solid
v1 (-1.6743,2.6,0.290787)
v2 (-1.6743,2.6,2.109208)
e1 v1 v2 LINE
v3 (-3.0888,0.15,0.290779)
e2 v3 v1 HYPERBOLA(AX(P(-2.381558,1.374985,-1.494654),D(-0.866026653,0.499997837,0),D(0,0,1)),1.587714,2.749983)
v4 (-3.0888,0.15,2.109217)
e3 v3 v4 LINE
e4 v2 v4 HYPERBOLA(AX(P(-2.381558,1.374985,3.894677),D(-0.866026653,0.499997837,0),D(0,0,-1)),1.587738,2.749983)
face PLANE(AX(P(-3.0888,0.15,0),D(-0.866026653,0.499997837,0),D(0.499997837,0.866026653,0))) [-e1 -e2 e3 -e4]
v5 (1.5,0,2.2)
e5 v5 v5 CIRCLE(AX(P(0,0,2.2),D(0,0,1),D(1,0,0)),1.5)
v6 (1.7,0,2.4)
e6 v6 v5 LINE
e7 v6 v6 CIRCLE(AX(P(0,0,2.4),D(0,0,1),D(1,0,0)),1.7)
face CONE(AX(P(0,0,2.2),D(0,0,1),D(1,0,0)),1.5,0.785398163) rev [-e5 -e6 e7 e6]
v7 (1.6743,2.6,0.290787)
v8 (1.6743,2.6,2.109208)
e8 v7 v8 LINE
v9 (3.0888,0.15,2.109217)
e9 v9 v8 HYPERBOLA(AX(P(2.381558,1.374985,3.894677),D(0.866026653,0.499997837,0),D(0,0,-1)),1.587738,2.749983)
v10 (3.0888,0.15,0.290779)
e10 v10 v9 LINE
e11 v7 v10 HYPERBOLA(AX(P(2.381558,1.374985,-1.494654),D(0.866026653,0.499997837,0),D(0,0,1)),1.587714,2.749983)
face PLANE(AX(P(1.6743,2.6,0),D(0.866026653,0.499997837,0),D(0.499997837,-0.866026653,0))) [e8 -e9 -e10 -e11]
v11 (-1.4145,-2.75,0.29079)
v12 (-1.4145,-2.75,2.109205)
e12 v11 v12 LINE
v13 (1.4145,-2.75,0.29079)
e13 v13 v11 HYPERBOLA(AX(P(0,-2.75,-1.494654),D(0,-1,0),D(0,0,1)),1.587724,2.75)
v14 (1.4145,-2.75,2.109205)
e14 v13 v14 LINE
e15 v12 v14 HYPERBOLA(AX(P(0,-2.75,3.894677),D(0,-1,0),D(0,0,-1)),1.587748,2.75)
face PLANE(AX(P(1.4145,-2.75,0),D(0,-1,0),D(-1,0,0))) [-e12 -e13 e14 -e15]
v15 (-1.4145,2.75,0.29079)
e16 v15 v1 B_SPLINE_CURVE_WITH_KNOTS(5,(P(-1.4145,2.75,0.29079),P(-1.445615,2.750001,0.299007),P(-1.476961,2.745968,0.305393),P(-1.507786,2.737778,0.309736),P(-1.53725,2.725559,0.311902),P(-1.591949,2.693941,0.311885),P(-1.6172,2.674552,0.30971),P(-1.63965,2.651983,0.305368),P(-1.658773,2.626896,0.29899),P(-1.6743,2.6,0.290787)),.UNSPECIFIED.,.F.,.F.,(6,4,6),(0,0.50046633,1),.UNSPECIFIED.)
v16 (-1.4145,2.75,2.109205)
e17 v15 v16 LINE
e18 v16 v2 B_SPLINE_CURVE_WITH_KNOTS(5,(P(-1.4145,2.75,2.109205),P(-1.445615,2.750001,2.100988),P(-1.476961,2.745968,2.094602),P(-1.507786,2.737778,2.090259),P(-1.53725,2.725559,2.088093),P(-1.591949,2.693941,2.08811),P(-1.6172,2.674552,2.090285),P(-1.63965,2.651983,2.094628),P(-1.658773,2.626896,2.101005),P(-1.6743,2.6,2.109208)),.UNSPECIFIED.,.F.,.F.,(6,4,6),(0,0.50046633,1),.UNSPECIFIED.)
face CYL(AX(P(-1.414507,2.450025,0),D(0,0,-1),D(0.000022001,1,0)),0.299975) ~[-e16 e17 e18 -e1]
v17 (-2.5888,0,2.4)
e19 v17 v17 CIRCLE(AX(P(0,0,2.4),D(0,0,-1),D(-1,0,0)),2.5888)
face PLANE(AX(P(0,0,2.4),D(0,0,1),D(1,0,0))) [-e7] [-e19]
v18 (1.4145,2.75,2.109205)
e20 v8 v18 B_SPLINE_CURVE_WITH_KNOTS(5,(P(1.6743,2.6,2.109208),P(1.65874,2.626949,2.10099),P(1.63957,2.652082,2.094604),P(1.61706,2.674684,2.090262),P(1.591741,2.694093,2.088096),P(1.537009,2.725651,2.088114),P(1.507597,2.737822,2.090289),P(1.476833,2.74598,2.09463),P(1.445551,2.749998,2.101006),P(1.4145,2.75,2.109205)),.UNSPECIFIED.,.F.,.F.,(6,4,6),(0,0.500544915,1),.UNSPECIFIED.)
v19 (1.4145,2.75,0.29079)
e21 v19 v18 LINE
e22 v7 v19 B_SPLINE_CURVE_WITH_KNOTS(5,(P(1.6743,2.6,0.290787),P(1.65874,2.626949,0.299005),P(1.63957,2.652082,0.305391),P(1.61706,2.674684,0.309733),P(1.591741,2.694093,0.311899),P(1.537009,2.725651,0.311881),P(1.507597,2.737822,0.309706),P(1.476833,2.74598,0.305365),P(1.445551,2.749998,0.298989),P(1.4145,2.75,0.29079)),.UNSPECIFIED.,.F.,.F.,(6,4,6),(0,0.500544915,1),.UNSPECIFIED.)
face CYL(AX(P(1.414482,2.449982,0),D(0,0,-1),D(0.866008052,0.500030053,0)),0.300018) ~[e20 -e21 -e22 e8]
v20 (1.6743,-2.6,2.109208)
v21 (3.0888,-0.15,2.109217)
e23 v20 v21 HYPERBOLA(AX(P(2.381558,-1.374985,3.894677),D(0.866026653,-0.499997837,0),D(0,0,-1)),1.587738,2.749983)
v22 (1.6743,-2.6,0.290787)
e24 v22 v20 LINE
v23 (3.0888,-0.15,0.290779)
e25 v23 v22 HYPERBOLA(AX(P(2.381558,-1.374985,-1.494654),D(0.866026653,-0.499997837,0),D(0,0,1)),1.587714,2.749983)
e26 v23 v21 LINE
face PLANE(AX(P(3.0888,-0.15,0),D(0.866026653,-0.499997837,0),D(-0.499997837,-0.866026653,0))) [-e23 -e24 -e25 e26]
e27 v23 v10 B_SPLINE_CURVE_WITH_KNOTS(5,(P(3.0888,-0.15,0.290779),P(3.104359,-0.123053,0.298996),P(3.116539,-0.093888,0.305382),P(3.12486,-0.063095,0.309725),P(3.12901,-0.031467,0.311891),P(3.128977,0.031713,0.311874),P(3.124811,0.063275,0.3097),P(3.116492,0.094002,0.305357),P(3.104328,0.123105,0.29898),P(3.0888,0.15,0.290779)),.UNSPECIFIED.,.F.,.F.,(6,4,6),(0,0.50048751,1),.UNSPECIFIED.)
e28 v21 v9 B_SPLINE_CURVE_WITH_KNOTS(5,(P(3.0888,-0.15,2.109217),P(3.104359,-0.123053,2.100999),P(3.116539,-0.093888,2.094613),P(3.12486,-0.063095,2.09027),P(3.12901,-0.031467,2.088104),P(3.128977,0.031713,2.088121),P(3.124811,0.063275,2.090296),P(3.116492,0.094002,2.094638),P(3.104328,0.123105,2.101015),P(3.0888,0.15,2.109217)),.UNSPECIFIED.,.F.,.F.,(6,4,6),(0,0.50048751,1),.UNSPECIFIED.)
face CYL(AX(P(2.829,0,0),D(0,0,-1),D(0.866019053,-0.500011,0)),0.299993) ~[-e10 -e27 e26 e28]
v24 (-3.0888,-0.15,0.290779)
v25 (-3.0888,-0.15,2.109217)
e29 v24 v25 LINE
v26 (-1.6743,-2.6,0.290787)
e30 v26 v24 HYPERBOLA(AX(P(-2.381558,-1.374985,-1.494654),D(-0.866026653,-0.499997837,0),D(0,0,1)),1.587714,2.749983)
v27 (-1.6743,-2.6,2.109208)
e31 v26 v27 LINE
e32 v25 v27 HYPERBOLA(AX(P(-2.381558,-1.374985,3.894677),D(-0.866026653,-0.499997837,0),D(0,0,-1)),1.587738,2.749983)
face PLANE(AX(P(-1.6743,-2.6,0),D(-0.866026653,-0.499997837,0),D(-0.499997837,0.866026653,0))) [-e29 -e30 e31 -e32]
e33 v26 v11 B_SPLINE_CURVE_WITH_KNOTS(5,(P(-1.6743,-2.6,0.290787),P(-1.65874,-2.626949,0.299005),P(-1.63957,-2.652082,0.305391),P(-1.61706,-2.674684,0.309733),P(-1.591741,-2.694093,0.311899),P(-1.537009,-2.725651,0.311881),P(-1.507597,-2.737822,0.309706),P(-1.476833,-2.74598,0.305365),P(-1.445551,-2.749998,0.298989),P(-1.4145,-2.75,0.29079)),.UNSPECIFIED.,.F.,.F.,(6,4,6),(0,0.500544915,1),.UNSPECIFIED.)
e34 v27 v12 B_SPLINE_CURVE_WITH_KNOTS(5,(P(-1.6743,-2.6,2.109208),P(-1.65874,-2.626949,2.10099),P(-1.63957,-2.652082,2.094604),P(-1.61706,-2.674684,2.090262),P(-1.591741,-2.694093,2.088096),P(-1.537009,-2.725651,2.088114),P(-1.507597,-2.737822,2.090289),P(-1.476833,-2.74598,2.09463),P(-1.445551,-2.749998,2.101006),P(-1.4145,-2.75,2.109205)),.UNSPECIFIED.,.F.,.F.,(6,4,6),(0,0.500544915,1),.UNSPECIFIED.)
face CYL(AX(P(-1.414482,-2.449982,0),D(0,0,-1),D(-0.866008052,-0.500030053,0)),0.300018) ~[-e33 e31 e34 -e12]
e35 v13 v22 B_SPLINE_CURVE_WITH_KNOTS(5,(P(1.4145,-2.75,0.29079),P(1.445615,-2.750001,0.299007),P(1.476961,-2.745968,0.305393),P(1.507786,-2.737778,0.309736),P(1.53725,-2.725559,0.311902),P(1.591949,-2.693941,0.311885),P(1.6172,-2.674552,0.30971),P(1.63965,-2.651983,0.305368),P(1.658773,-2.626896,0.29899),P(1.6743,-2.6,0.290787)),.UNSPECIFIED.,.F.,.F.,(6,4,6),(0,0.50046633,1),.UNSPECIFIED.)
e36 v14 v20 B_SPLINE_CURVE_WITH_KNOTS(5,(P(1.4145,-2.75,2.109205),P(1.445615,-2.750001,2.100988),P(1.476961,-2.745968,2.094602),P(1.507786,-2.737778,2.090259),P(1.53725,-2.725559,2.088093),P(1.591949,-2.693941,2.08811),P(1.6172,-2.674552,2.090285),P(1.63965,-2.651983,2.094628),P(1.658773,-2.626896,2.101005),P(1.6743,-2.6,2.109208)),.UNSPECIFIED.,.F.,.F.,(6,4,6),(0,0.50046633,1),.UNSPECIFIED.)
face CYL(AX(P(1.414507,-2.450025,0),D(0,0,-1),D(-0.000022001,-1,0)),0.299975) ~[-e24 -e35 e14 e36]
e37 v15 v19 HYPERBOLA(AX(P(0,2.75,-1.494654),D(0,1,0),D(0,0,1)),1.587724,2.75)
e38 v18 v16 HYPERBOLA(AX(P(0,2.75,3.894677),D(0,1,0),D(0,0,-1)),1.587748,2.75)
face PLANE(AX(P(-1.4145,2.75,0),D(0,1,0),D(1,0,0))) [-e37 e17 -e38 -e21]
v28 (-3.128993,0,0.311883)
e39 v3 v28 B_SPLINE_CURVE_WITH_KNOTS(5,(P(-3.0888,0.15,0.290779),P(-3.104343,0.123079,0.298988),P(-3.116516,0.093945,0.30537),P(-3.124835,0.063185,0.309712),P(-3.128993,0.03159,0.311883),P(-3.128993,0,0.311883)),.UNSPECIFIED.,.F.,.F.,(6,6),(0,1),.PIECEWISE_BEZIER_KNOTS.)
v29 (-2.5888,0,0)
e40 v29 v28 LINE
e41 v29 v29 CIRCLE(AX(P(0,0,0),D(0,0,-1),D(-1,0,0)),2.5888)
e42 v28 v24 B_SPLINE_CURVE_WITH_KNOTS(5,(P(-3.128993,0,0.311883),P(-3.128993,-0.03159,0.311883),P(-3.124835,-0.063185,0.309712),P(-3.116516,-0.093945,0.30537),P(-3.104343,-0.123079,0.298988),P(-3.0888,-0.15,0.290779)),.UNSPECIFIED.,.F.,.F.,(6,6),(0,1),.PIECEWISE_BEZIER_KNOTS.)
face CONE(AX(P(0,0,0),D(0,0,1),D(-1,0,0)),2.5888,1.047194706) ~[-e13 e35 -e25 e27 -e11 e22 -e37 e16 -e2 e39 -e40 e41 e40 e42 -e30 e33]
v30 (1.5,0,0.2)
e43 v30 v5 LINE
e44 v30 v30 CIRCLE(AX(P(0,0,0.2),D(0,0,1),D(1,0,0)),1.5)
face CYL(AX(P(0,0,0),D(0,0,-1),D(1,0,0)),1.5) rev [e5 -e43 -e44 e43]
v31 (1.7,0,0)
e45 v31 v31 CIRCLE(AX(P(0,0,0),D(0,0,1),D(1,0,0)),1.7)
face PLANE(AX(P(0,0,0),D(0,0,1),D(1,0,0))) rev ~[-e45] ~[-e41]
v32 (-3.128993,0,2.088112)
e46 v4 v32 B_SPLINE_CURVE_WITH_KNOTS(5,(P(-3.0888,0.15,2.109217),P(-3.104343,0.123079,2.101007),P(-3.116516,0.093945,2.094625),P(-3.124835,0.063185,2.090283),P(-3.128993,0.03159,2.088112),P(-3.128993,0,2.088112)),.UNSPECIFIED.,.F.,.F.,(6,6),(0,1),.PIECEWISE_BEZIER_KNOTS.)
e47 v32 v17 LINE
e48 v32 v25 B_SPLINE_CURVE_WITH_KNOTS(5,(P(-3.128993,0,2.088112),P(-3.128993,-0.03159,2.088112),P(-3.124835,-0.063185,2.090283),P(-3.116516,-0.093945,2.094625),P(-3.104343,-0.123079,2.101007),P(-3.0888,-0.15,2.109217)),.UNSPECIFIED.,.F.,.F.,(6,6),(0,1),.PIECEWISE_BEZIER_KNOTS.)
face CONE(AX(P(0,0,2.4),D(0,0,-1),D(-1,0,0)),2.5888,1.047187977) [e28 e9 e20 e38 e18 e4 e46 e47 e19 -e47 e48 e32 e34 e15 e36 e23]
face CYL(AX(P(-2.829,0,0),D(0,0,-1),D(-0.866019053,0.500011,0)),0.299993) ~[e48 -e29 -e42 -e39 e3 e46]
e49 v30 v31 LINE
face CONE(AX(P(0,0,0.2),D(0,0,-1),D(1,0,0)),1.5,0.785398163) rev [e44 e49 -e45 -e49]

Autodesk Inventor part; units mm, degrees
ref_plane "YZ Plane" through (0, 0, 0) normal (1, 0, 0) x (0, 1, 0)
ref_plane "XZ Plane" through (0, 0, 0) normal (0, 1, 0) x (-1, 0, 0)
ref_plane "XY Plane" through (0, 0, 0) normal (0, 0, 1) x (1, 0, 0)
sketch "Sketch17" plane through (0, 0, 0) normal (0, 0, 1) x (1, 0, 0)
  line L0 (-3.0888, 0.15) -> (-1.6743, 2.6)
  line L1 (-1.4145, 2.75) -> (1.4145, 2.75)
  line L2 (1.6743, 2.6) -> (3.0888, 0.15)
  line L3 (3.0888, -0.15) -> (1.6743, -2.6)
  line L4 (1.4145, -2.75) -> (-1.4145, -2.75)
  line L5 (-1.6743, -2.6) -> (-3.0888, -0.15)
  circle A0 centre (0, 0) radius 1.5
  arc A1 (-1.4145, 2.75) -> (-1.6743, 2.6) centre (-1.4145, 2.45) ccw
  arc A2 (1.6743, 2.6) -> (1.4145, 2.75) centre (1.4145, 2.45) ccw
  arc A3 (3.0888, -0.15) -> (3.0888, 0.15) centre (2.829, 0) ccw
  arc A4 (1.4145, -2.75) -> (1.6743, -2.6) centre (1.4145, -2.45) ccw
  arc A5 (-1.6743, -2.6) -> (-1.4145, -2.75) centre (-1.4145, -2.45) ccw
  arc A6 (-3.0888, 0.15) -> (-3.0888, -0.15) centre (-2.829, 0) ccw
  point P0 (-3.1754, 0)
  point P1 (-1.5877, 2.75)
  point P2 (1.5877, 2.75)
  point P3 (3.1754, 0)
  point P4 (1.5877, -2.75)
  point P5 (-1.5877, -2.75)
  dimension "d103" = 5.5
  dimension "d104" = 3
  dimension "d105" = 0.3
extrude "Extrusion14" add sketch "Sketch17" along normal blind 2.4
sketch "Sketch18" plane through (0, 0, 0) normal (0, 1, 0) x (-1, 0, 0)
  line L0 (-3.0888, 2.4) -> (-1.6743, 2.4) projected
  line L1 (-1.6743, 0) -> (-1.6743, 2.4) projected
  line L2 (-3.0888, 0) -> (-1.6743, 0) projected
  line L3 (-3.0888, 0) -> (-3.0888, 2.4) projected
  line L4 (-1.5, 2.4) -> (1.5, 2.4) projected
  line L5 (1.5, 0) -> (-1.5, 0) projected
  line L6 (1.6743, 2.4) -> (3.0888, 2.4) projected
  line L7 (3.0888, 0) -> (3.0888, 2.4) projected
  line L8 (1.6743, 0) -> (3.0888, 0) projected
  line L9 (1.6743, 0) -> (1.6743, 2.4) projected
  line L10 (0, 2.4) -> (0, 4.8692)
  line L11 (0, 4.8692) -> (0, -2.1161)
  line L12 (1.4145, 0) -> (1.6743, 0) projected
  line L13 (1.4145, 2.4) -> (1.6743, 2.4) projected
  line L14 (1.6743, 0) -> (1.6743, 2.4) projected
  line L15 (1.4145, 0) -> (1.6743, 0) projected
  line L16 (1.4145, 0) -> (1.4145, 2.4) projected
  line L17 (2.5888, 3.8507) -> (2.5888, -1.604) construction
  line L18 (4.0837, 1.5369) -> (4.0837, 3.518)
  line L19 (4.0837, 3.518) -> (2.5888, 3.518)
  line L20 (2.5888, 2.4) -> (2.5888, 3.518)
  line L21 (2.5888, 0) -> (4.2933, 0.9841)
  line L22 (4.2933, 0.9841) -> (4.2933, -0.6301)
  line L23 (4.2933, -0.6301) -> (2.5888, -0.6301)
  line L24 (2.5888, -0.6301) -> (2.5888, 0)
  line L25 (2.5888, 2.4) -> (4.0837, 1.5369)
  dimension "d110" = 30
  dimension "d111" = 30
  dimension "d115" = 0.5
revolve "Revolution1" cut sketch "Sketch18" angle 360 about axis through (0, 0, 4.8692) along (0, 0, -1) contours L20 L19 L18 L25 L7 L6 | L6 L7 L25 | L21 L7 L8 | L8 L7 L21 L22 L23 L24
thread "Thread3" size "M3x0.5" class "6H" standard "ANSI Metric M Profile" full length
chamfer "Chaflán9" distance 0.2 angle 45 1 edges at (-1.5, 0, 2.4)
chamfer "Chaflán10" distance 0.2 angle 45 1 edges at (-1.5, 0, 0)
properties part number "CF-TCA-0001"
